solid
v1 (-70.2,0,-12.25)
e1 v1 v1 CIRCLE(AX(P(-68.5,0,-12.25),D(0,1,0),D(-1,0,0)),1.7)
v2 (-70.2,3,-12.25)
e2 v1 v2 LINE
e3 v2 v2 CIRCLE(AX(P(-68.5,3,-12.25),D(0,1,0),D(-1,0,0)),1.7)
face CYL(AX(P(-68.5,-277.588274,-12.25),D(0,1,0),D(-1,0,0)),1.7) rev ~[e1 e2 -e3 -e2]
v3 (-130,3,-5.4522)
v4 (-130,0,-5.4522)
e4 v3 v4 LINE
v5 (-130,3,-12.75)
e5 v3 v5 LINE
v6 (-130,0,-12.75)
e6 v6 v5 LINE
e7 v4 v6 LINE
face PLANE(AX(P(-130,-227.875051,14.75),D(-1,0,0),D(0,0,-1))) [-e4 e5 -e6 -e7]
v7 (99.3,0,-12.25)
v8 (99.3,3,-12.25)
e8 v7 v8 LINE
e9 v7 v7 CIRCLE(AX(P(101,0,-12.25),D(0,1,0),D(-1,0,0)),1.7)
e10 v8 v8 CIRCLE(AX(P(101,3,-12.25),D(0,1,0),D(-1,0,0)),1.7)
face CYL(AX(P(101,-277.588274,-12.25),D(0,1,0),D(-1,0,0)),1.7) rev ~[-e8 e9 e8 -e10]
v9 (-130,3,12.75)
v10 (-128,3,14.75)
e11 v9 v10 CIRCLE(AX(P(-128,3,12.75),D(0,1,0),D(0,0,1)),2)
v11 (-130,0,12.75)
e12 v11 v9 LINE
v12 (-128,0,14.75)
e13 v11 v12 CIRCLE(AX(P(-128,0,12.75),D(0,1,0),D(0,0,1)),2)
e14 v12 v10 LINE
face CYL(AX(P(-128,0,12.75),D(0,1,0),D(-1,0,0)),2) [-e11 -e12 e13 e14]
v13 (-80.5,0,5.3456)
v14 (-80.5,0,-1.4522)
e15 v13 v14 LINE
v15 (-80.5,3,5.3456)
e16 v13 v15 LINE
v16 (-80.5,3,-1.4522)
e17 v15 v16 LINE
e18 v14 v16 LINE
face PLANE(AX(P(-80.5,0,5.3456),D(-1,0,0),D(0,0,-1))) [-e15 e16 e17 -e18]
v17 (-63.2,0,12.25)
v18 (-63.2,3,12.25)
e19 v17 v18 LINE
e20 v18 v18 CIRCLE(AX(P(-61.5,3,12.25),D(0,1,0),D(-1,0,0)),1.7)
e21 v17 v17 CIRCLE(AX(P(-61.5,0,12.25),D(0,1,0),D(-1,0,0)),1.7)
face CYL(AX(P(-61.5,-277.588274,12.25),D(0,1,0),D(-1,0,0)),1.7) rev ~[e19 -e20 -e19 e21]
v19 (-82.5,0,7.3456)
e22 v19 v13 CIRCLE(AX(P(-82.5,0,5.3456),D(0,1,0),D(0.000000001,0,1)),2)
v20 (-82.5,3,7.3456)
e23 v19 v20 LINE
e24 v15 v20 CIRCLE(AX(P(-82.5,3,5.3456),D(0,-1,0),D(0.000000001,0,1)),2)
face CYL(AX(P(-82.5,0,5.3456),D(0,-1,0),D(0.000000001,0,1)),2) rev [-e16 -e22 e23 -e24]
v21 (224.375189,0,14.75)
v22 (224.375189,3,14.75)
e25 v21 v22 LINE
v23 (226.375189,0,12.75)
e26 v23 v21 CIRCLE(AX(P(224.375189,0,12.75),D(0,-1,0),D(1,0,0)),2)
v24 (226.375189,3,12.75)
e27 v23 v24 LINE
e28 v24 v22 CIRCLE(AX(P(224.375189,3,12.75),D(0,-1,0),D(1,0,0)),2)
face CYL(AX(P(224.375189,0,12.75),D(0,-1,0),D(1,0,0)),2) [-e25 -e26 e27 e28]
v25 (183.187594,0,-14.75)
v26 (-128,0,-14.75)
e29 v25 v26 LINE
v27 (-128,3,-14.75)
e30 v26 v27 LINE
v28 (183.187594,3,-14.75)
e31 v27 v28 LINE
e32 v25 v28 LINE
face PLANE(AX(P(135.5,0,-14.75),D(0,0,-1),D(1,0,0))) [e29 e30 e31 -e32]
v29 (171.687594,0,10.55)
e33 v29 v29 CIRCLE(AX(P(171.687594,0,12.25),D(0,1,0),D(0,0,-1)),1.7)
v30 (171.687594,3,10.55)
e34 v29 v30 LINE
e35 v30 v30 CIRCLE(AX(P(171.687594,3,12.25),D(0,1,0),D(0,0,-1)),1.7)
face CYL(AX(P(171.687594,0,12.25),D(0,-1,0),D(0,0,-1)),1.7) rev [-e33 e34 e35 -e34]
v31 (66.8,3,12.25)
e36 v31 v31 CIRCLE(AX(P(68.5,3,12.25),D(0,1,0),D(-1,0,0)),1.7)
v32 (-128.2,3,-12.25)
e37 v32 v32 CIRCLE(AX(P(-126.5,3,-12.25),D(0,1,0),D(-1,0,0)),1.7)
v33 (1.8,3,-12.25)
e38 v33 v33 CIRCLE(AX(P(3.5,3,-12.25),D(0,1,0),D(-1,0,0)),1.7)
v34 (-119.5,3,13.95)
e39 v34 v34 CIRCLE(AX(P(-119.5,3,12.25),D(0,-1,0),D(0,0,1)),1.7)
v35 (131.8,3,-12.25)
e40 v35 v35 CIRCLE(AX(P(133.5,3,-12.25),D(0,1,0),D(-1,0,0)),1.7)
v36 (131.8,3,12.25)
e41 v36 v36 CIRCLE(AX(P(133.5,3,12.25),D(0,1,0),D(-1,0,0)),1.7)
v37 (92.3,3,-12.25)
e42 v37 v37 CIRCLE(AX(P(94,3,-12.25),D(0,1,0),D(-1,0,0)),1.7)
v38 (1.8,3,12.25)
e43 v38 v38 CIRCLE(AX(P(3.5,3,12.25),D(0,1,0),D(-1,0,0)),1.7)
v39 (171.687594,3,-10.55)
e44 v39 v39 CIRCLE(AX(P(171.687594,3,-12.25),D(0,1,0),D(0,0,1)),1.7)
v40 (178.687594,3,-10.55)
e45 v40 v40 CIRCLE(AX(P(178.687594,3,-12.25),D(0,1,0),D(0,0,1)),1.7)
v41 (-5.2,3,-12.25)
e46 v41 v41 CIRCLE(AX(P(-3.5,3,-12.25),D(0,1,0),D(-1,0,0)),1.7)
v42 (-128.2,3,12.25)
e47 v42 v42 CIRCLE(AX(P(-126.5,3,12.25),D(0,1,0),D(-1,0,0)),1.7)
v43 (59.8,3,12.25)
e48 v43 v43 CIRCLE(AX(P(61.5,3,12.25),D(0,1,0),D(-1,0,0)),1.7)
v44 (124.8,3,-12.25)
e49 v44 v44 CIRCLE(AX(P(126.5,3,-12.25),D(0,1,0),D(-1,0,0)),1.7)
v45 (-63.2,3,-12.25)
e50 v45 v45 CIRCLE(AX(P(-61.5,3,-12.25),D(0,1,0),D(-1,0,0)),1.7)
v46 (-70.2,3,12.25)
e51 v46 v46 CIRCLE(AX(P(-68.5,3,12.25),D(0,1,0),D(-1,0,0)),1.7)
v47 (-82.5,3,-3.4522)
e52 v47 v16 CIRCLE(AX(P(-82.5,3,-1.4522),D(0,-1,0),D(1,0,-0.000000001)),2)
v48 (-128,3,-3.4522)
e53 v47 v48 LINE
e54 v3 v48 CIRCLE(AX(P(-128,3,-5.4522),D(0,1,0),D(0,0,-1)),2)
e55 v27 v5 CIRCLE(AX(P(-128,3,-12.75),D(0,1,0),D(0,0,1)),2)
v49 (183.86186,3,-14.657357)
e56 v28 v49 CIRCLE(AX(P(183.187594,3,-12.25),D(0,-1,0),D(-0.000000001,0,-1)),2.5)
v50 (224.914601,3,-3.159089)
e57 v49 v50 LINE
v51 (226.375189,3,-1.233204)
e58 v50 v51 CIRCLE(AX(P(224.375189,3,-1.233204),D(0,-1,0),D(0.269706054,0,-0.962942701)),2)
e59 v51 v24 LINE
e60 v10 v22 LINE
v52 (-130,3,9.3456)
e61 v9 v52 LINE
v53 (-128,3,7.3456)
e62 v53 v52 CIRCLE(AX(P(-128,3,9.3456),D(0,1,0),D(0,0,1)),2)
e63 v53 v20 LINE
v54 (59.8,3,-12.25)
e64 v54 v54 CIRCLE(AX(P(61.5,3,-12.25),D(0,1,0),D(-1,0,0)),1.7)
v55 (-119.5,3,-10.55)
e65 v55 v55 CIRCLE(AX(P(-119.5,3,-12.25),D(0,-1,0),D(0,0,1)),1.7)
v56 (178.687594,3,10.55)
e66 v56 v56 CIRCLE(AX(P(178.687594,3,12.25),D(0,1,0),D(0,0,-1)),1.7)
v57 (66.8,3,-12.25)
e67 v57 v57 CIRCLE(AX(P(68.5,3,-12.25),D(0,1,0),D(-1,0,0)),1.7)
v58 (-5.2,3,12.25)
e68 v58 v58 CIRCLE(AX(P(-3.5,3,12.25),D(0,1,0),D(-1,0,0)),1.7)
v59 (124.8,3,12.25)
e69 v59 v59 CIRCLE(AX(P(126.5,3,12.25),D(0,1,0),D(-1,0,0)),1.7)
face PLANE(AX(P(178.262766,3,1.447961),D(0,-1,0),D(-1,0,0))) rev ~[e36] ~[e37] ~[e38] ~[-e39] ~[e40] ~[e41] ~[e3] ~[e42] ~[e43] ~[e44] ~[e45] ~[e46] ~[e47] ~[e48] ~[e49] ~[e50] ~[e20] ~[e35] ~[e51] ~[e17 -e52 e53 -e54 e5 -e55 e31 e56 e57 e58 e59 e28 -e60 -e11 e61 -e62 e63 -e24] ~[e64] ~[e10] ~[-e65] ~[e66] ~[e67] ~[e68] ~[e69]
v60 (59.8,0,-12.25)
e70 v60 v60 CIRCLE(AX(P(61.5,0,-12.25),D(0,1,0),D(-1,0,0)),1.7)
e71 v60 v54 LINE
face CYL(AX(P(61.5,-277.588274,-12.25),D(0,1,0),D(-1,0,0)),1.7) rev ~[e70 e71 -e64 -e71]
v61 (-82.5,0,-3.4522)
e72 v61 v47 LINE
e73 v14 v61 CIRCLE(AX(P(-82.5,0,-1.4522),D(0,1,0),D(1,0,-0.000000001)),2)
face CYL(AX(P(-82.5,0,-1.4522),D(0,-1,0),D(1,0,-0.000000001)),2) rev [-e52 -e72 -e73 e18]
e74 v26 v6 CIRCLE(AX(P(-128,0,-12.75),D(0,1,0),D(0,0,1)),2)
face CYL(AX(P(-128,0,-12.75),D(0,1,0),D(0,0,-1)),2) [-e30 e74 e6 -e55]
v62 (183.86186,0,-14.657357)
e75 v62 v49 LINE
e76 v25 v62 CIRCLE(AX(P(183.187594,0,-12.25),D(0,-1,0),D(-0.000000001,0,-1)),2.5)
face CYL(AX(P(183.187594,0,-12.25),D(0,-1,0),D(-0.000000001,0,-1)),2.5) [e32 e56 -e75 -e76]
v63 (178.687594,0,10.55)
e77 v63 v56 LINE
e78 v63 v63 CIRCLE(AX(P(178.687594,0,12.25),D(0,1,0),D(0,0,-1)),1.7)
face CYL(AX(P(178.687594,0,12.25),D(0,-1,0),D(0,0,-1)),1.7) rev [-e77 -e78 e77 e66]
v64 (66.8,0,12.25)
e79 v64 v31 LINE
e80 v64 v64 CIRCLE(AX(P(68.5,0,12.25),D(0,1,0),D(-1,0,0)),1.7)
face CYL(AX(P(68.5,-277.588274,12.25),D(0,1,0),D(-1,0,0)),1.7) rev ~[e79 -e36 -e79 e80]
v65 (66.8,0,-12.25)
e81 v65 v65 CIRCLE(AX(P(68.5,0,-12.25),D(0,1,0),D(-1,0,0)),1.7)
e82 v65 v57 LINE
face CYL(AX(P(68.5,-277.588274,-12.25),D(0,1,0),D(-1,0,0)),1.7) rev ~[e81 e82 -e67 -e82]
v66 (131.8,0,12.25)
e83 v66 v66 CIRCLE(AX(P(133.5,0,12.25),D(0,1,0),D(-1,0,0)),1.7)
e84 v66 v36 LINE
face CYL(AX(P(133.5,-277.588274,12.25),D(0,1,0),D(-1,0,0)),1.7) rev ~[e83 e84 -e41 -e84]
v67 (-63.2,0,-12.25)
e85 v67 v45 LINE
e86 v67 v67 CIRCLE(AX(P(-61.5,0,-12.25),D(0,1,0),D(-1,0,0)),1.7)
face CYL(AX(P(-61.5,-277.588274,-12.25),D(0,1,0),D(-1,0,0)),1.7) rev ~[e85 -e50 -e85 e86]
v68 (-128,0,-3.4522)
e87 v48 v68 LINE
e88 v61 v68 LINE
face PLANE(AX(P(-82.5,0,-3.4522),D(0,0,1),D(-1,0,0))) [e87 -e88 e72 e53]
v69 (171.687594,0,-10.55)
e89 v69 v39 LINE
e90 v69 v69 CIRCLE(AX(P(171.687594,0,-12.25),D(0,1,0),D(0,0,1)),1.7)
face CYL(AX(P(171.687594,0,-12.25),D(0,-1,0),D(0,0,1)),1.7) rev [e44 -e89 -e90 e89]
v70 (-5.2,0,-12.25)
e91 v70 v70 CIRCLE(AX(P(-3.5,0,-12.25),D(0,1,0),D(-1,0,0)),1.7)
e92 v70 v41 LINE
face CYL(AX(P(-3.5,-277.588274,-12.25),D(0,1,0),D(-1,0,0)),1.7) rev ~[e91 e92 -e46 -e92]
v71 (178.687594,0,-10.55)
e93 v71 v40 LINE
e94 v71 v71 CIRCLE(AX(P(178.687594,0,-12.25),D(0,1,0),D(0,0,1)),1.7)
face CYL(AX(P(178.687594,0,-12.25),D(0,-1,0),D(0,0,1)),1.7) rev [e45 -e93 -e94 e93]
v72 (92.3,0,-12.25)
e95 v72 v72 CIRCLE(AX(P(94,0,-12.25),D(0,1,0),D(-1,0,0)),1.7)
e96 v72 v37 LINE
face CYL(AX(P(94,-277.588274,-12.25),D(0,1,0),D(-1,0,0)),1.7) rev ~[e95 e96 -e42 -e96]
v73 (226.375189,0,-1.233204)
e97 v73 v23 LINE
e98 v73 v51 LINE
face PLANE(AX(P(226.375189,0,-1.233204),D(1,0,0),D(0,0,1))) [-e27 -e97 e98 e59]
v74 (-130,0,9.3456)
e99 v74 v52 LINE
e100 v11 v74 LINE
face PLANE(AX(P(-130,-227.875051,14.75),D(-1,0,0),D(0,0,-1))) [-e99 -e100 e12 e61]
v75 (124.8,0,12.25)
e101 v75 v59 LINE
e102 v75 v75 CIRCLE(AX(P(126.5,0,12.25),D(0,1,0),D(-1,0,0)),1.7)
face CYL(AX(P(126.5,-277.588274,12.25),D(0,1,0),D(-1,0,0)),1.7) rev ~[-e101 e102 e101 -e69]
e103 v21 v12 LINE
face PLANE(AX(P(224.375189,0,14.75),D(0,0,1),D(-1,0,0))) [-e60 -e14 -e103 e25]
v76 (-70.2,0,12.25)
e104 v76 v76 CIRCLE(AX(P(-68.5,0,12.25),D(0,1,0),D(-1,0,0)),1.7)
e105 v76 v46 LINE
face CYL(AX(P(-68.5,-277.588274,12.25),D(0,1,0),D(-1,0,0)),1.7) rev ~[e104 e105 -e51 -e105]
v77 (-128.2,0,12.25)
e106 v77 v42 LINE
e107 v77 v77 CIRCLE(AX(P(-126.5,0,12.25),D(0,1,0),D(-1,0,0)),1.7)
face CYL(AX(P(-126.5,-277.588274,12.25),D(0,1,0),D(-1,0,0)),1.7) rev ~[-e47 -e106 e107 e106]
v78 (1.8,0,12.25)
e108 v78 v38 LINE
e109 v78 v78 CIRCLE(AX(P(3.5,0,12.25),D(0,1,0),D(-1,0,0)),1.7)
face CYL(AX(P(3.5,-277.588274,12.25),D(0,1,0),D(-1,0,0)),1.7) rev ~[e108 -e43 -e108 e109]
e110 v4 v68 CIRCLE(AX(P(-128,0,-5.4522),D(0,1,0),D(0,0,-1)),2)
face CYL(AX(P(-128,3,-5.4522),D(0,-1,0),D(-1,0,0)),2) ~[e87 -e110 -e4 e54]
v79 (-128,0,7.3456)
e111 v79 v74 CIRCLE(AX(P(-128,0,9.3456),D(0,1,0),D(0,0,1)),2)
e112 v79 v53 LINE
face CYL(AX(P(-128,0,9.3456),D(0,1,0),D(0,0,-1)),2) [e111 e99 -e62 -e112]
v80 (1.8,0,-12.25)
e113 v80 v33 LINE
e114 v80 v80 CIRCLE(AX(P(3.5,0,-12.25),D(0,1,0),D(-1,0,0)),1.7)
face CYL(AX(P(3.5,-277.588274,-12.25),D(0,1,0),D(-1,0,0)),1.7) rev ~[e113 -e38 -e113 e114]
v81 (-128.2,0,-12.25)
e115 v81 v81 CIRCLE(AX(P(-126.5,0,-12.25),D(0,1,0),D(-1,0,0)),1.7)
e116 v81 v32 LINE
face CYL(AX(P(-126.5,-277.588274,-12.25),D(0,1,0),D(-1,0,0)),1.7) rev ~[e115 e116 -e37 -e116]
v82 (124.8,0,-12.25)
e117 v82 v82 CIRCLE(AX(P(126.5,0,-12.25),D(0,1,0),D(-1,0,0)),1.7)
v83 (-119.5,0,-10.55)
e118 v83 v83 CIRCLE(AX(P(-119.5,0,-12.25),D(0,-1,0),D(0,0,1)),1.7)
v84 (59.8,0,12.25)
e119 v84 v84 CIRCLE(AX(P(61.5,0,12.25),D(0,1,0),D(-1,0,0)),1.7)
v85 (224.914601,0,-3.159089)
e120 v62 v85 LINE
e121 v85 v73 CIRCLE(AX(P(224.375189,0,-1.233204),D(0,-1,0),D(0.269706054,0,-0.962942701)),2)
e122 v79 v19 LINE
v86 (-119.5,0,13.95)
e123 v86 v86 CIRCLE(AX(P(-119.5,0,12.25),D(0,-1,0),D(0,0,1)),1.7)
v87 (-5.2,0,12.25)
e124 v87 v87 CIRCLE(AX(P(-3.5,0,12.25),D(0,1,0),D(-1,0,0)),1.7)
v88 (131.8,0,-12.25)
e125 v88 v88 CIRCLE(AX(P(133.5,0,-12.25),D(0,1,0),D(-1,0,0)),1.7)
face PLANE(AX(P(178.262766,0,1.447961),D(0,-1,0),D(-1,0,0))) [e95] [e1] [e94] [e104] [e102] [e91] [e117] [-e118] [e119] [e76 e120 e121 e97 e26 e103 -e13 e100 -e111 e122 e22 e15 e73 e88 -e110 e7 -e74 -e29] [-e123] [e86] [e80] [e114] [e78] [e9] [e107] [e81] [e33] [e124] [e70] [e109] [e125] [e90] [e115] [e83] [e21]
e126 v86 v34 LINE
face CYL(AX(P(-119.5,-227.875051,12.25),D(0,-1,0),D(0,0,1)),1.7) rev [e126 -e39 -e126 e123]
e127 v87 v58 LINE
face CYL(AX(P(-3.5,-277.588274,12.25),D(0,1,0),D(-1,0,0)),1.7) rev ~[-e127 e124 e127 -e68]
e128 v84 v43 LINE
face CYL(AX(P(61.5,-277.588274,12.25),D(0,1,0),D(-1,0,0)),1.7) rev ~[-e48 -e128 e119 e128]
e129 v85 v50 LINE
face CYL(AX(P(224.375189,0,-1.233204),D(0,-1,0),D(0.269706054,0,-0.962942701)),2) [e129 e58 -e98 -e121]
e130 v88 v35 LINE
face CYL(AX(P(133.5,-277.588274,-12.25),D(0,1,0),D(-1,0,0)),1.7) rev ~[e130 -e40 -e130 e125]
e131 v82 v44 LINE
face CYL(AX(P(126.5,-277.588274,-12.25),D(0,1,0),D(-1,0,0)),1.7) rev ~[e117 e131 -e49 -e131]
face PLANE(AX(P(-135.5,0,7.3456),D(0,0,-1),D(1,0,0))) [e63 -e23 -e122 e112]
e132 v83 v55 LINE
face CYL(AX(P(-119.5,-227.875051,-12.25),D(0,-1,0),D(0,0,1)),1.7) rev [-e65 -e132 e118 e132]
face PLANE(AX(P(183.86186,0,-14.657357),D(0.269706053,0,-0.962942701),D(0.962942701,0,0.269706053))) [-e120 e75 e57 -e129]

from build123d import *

# Parameters (mm, degrees)
BOSS_EXTRUDE1_DEPTH     = 3
M3_CLEARANCE_HOLE1_D    = 3.4
BOSS_EXTRUDE3_START     = -3
SKETCH31_R              = 1.7
BOSS_EXTRUDE3_DEPTH     = 3
CUT_EXTRUDE5_DEPTH      = 10
CUT_EXTRUDE6_DEPTH      = 227.875050806
CUT_EXTRUDE6_DEPTH_BACK = 227.875050806
SKETCH32_R              = 1.7
SKETCH32_W              = 8
SKETCH32_H              = 29.5
FILLET4_R               = 2


with BuildPart() as part:
    # Sketch1 → Boss-Extrude1 (new body)
    with BuildSketch(Plane(origin=(0, 0, 0), x_dir=(1, 0, 0), z_dir=(0, 1, 0))):
        with BuildLine():
            Line((-135.5, 14.75), (135.5, 14.75))
            ThreePointArc((135.5, 14.75), (137.267766953, 14.017766953), (138, 12.25))
            Line((138, 12.25), (138, -12.25))
            ThreePointArc((138, -12.25), (137.267766953, -14.017766953), (135.5, -14.75))
            Line((135.5, -14.75), (-135.5, -14.75))
            ThreePointArc((-135.5, -14.75), (-137.267766953, -14.017766953), (-138, -12.25))
            Line((-138, -12.25), (-138, 12.25))
            ThreePointArc((-138, 12.25), (-137.267766953, 14.017766953), (-135.5, 14.75))
        make_face()
    extrude(amount=BOSS_EXTRUDE1_DEPTH)

    # M3 Clearance Hole1 (through all)
    with Locations(Plane.XZ):
        with Locations((-133.5, 12.25), (-126.5, 12.25), (-133.5, -12.25), (-126.5, -12.25), (-68.5, 12.25), (-61.5, 12.25), (-68.5, -12.25), (-61.5, -12.25), (-3.5, 12.25), (3.5, 12.25), (-3.5, -12.25), (3.5, -12.25), (61.5, 12.25), (68.5, 12.25), (61.5, -12.25), (68.5, -12.25), (126.5, 12.25), (133.5, 12.25), (126.5, -12.25), (133.5, -12.25), (94, -12.25), (101, -12.25)):
            Hole(M3_CLEARANCE_HOLE1_D / 2)

    # Sketch31 → Boss-Extrude3 (add)
    with BuildSketch(Plane(origin=(0, 3, 0), x_dir=(1, 0, 0), z_dir=(0, 1, 0)).offset(BOSS_EXTRUDE3_START)):
        with BuildLine():
            Line((135.5, 14.75), (183.187594482, 14.75))
            ThreePointArc((183.187594482, 14.75), (183.527894438, 14.726730898), (183.861859615, 14.657356752))
            Line((183.861859615, 14.657356752), (224.91460107, 3.159089135))
            ThreePointArc((224.91460107, 3.159089135), (225.968742259, 2.441751578), (226.375188963, 1.233203733))
            Line((226.375188963, 1.233203733), (226.375188963, -12.75))
            ThreePointArc((226.375188963, -12.75), (225.789402526, -14.164213562), (224.375188963, -14.75))
            Line((224.375188963, -14.75), (135.5, -14.75))
            ThreePointArc((135.5, -14.75), (137.267766953, -14.017766953), (138, -12.25))
            Line((138, -12.25), (138, 12.25))
            ThreePointArc((138, 12.25), (137.267766953, 14.017766953), (135.5, 14.75))
        make_face()
        with Locations(Location((171.687594482, 12.25, 0), (0, 0, 270))):
            Circle(SKETCH31_R, mode=Mode.SUBTRACT)
        with Locations(Location((178.687594482, 12.25, 0), (0, 0, 270))):
            Circle(SKETCH31_R, mode=Mode.SUBTRACT)
        with Locations(Location((178.687594482, -12.25, 0), (0, 0, 90))):
            Circle(SKETCH31_R, mode=Mode.SUBTRACT)
        with Locations(Location((171.687594482, -12.25, 0), (0, 0, 90))):
            Circle(SKETCH31_R, mode=Mode.SUBTRACT)
    extrude(amount=BOSS_EXTRUDE3_DEPTH)

    # Sketch29 → Cut-Extrude5 (cut)
    with BuildSketch(Plane.XZ):
        with BuildLine():
            Line((-80.5, 5.3456), (-80.5, -1.4522))
            ThreePointArc((-80.5, -1.4522), (-81.085786438, -2.866413562), (-82.5, -3.4522))
            Line((-82.5, -3.4522), (-138, -3.4522))
            Line((-138, -3.4522), (-138, 9.8456))
            ThreePointArc((-138, 9.8456), (-137.267766953, 8.077833047), (-135.5, 7.3456))
            Line((-135.5, 7.3456), (-82.5, 7.3456))
            ThreePointArc((-82.5, 7.3456), (-81.085786438, 6.759813562), (-80.5, 5.3456))
        make_face()
    extrude(amount=-CUT_EXTRUDE5_DEPTH, mode=Mode.SUBTRACT)

    # Sketch32 → Cut-Extrude6 (cut, two sides: drawn at the far end of the back side and taken through both)
    with BuildSketch(Plane(origin=(0, 0, 0), x_dir=(1, 0, 0), z_dir=(0, 1, 0)).offset(-CUT_EXTRUDE6_DEPTH_BACK)):
        with Locations(Location((-119.5, 12.25, 0), (0, 0, 270))):
            Circle(SKETCH32_R)
        with Locations(Location((-119.5, -12.25, 0), (0, 0, 270))):
            Circle(SKETCH32_R)
        with Locations((-134, 0)):
            Rectangle(SKETCH32_W, SKETCH32_H)
    extrude(amount=CUT_EXTRUDE6_DEPTH + CUT_EXTRUDE6_DEPTH_BACK, mode=Mode.SUBTRACT)

    # Fillet4
    fillet4_edges = [part.edges().sort_by_distance(p)[0] for p in [
        (-130, 1.5, -3.4522),
        (-130, 1.5, 14.75),
        (-130, 1.5, 7.3456),
        (-130, 1.5, -14.75),
    ]]
    fillet(fillet4_edges, radius=FILLET4_R)


solid = part.part
